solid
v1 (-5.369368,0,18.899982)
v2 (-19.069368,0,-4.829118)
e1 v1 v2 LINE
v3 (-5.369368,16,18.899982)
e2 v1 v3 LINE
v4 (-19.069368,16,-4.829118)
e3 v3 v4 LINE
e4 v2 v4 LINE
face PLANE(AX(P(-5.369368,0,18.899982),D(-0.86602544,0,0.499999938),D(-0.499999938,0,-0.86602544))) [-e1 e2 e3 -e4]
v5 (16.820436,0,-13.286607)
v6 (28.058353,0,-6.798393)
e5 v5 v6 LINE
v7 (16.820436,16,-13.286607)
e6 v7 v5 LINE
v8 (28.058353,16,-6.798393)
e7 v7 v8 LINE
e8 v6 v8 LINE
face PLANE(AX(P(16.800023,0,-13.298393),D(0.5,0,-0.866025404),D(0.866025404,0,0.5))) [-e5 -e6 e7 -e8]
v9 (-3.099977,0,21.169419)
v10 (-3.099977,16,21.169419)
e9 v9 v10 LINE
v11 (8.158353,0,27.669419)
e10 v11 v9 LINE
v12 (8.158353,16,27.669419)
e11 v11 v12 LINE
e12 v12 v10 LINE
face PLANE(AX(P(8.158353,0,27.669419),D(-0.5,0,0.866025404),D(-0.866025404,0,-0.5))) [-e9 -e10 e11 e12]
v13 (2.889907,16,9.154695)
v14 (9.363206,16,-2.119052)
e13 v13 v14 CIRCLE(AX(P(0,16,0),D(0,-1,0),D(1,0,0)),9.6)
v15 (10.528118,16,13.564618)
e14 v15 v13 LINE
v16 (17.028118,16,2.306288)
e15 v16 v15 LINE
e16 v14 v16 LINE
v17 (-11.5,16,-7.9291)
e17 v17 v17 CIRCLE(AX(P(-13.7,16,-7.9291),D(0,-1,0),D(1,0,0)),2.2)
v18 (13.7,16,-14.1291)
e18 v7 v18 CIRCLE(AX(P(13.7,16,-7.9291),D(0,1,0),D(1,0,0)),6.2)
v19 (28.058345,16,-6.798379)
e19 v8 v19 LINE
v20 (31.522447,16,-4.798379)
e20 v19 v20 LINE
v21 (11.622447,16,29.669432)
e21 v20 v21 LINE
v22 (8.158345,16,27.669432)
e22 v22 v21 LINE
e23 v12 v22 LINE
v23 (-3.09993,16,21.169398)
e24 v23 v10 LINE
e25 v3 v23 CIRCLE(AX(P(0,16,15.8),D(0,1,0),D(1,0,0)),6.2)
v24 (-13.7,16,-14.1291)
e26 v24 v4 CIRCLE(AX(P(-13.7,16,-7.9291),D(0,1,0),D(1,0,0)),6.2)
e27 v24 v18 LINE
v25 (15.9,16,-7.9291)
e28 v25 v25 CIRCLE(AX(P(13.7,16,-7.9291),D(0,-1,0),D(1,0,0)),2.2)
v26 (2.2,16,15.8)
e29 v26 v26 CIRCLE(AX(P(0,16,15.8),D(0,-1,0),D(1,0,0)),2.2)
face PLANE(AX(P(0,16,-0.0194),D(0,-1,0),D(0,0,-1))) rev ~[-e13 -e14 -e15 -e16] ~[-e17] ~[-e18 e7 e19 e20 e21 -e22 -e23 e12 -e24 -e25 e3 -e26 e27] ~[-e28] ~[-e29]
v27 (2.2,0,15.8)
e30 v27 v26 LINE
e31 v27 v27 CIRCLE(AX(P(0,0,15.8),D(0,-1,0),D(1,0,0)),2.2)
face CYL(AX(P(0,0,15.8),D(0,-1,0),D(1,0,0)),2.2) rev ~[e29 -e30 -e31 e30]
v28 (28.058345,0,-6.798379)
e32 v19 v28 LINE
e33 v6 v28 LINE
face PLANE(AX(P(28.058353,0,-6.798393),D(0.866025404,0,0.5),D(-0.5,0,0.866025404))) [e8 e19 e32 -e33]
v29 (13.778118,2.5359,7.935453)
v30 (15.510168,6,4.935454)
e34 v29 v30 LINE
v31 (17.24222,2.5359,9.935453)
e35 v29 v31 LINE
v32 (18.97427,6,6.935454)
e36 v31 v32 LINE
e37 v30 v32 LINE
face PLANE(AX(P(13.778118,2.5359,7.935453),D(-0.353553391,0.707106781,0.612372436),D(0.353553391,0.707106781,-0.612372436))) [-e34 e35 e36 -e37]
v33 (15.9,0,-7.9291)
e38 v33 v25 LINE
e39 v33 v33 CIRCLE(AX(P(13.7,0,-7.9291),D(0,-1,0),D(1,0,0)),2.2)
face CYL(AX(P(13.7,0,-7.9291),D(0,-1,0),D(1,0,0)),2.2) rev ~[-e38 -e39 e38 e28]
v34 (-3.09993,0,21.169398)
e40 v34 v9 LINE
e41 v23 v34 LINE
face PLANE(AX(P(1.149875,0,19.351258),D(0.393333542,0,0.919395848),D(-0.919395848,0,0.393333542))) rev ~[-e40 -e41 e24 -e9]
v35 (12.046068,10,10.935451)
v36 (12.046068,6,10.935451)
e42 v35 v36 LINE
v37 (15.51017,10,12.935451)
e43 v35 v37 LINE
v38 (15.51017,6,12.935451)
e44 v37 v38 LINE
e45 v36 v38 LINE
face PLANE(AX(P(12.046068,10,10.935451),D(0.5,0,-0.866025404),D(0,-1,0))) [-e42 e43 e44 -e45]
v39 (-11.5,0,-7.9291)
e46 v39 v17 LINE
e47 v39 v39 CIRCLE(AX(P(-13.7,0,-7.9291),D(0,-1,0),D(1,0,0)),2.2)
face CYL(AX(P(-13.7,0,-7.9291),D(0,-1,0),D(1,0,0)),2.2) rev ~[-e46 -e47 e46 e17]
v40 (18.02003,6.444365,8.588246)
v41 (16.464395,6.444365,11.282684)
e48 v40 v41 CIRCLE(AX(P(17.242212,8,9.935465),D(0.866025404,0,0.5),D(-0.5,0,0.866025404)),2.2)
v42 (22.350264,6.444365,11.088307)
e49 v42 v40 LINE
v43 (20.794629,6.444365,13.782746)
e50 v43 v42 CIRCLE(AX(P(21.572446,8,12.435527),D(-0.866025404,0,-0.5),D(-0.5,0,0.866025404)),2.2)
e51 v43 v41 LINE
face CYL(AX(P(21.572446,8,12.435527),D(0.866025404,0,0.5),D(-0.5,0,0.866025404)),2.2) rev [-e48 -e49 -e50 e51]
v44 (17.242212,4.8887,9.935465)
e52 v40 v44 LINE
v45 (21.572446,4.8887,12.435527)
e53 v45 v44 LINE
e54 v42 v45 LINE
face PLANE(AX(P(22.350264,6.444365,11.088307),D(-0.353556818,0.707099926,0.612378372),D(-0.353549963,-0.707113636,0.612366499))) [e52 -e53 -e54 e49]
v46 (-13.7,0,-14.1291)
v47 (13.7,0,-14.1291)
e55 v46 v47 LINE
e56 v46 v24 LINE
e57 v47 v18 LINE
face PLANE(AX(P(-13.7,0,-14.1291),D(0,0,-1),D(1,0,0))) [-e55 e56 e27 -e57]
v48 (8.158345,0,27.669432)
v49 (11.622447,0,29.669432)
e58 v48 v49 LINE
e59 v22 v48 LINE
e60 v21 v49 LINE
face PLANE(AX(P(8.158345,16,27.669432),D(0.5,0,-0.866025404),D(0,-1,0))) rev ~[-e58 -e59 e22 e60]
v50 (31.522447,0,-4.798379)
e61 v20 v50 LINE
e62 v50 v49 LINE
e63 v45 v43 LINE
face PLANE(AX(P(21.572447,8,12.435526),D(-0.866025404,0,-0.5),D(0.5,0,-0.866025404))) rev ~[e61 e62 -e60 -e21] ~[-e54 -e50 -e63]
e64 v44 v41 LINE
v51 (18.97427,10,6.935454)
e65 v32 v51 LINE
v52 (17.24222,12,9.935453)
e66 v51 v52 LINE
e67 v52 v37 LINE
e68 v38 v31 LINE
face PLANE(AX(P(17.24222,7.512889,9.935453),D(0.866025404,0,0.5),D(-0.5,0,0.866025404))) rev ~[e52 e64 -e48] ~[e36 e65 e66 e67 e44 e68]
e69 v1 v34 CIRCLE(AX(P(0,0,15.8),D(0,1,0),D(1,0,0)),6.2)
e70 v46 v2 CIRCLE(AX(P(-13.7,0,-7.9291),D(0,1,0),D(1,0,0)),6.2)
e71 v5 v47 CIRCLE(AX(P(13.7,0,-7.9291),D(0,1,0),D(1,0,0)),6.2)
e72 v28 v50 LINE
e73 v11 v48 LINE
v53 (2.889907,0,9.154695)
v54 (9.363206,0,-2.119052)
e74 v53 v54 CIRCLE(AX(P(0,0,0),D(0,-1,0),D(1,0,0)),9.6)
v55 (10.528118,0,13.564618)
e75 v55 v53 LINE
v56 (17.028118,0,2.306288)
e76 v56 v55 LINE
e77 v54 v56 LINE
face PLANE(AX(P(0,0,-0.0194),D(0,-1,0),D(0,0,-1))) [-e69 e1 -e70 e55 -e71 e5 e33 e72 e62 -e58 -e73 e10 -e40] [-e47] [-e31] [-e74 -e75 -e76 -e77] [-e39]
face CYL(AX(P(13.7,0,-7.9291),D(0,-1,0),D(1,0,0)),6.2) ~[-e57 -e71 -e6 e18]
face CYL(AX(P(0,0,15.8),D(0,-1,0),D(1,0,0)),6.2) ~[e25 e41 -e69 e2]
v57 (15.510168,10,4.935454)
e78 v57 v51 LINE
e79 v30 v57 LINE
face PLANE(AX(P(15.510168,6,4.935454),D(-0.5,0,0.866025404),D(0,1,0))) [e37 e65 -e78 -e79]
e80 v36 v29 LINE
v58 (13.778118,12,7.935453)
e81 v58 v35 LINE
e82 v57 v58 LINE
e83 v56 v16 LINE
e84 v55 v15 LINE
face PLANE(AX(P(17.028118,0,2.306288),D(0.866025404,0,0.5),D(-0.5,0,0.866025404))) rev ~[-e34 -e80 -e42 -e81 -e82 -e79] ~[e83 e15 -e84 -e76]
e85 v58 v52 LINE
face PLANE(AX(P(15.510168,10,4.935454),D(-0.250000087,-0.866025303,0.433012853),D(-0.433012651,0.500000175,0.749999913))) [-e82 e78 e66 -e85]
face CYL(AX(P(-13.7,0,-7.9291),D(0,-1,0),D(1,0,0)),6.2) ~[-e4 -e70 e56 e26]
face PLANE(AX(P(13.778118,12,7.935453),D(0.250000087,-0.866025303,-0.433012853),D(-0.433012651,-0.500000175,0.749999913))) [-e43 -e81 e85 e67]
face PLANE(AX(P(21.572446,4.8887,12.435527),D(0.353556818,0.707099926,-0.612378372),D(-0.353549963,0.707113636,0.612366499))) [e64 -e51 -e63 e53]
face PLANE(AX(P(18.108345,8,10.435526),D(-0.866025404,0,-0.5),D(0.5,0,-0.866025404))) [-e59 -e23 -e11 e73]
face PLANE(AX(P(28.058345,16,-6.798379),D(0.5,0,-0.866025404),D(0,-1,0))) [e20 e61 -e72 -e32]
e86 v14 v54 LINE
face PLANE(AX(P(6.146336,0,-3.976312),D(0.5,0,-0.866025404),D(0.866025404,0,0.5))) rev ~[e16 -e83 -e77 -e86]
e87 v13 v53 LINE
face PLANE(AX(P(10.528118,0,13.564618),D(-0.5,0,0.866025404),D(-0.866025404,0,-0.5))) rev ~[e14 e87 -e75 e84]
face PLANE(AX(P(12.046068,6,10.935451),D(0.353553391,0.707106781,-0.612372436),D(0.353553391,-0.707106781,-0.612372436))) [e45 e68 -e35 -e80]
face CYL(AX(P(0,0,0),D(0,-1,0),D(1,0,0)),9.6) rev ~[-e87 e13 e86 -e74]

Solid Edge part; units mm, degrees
sketch "Sketch1" plane through (0, 0, 0) normal (0, -1, 0) x (1, 0, 0)
  line L0 (-5.3694, 18.9) -> (-19.0694, -4.8291)
  arc A0 (-13.7, -14.1291) -> (-19.0694, -4.8291) centre (-13.7, -7.9291) cw
  line L1 (-13.7, -14.1291) -> (13.7, -14.1291)
  arc A1 (19.0694, -4.8291) -> (13.7, -14.1291) centre (13.7, -7.9291) cw
  line L2 (5.3694, 18.9) -> (19.0694, -4.8291)
  arc A2 (-5.3694, 18.9) -> (5.3694, 18.9) centre (0, 15.8) cw
  dimension "D1" = 5.3694
extrude "Protrusion1" add sketch "Sketch1" against normal blind 16
sketch "Sketch2" plane through (0, 0, 0) normal (0, -1, 0) x (1, 0, 0)
  circle A0 centre (-13.7, -7.9291) radius 2.2
  circle A1 centre (13.7, -7.9291) radius 2.2
  circle A2 centre (0, 15.8) radius 2.2
  dimension "D1" = 19.2
  dimension "D2" = 4
  dimension "D3" = 4.4
  dimension "D4" = 6.2
  dimension "D5" = 6.2
  dimension "D6" = 4.4
  dimension "D7" = 6.2
  dimension "D8" = 27.4
  dimension "D9" = 27.4
  dimension "D10" = 27.4
extrude "Cutout1" cut sketch "Sketch2" against normal blind 457.8755
sketch "Sketch3" plane through (0, 0, 0) normal (0, -1, 0) x (1, 0, 0)
  circle A0 centre (0, 0) radius 9.6
extrude "Cutout2" cut sketch "Sketch3" against normal blind 434.4917
sketch "Sketch4" plane through (0, 0, 3.9355) normal (0, -1, 0) x (-0.5, 0, 0.866)
  line L0 (-23.325, -5.9323) -> (-23.325, -18.9323)
  line L1 (-23.325, -18.9323) -> (16.475, -18.9323)
  line L2 (16.475, -18.9323) -> (16.475, -5.9323)
  line L3 (12.7755, -8.7037) -> (16.475, -5.9323)
  line L4 (-20.9306, -8.7037) -> (12.7755, -8.7037)
  line L5 (-20.9306, -5.9323) -> (-20.9306, -8.7037)
  line L6 (-23.325, -5.9323) -> (-20.9306, -5.9323)
  dimension "D1" = 13
extrude "Protrusion2" add sketch "Sketch4" against normal up to vertex (16 mm away)
sketch "Sketch5" plane through (3.1086, 0, 6.2098) normal (0, -1, 0) x (-0.5, 0, 0.866)
  line L0 (-10.3403, 2.4623) -> (-10.3403, -10.1029)
  line L1 (-10.3403, -10.1029) -> (2.6597, -10.1029)
  line L2 (2.6597, -10.1029) -> (2.6597, 2.4623)
  line L3 (2.6597, 2.4623) -> (-10.3403, 2.4623)
  dimension "D1" = 5
  dimension "D2" = 5
  dimension "D3" = 5
extrude "ExtrudedCutout_18" cut sketch "Sketch5" against normal blind 196.9446
sketch "Sketch6" plane through (13.7782, 8, 7.9355) normal (-0.866, 0, -0.5) x (0, -1, 0)
  line L0 (-2, 3.4641) -> (2, 3.4641)
  line L1 (-4, 0) -> (-2, 3.4641)
  line L2 (-2, -3.4641) -> (-4, 0)
  line L3 (2, -3.4641) -> (-2, -3.4641)
  line L4 (5.4641, 0) -> (2, -3.4641)
  line L5 (2, 3.4641) -> (5.4641, 0)
extrude "ExtrudedCutout_19" cut sketch "Sketch6" against normal blind 4
sketch "Sketch7" plane through (18.1083, 8, 10.4355) normal (0.866, 0, 0.5) x (-0.5, 0, 0.866)
  line L0 (-19.9, 8) -> (19.9, 8)
  line L1 (19.9, -8) -> (19.9, 8)
  line L2 (-19.9, -8) -> (19.9, -8)
  line L3 (-19.9, -8) -> (-19.9, 8)
extrude "ExtrudedProtrusion_14" add sketch "Sketch7" along normal blind 4
sketch "Sketch8" plane through (21.5724, 8, 12.4355) normal (0.866, 0, 0.5) x (-0.5, 0, 0.866)
  line L0 (-1.5556, 1.5556) -> (0, 3.1113)
  line L1 (0, 3.1113) -> (1.5556, 1.5556)
  arc A0 (1.5556, 1.5556) -> (-1.5556, 1.5556) centre (0, 0) cw
extrude "ExtrudedCutout_20" cut sketch "Sketch8" against normal blind 25.1595
